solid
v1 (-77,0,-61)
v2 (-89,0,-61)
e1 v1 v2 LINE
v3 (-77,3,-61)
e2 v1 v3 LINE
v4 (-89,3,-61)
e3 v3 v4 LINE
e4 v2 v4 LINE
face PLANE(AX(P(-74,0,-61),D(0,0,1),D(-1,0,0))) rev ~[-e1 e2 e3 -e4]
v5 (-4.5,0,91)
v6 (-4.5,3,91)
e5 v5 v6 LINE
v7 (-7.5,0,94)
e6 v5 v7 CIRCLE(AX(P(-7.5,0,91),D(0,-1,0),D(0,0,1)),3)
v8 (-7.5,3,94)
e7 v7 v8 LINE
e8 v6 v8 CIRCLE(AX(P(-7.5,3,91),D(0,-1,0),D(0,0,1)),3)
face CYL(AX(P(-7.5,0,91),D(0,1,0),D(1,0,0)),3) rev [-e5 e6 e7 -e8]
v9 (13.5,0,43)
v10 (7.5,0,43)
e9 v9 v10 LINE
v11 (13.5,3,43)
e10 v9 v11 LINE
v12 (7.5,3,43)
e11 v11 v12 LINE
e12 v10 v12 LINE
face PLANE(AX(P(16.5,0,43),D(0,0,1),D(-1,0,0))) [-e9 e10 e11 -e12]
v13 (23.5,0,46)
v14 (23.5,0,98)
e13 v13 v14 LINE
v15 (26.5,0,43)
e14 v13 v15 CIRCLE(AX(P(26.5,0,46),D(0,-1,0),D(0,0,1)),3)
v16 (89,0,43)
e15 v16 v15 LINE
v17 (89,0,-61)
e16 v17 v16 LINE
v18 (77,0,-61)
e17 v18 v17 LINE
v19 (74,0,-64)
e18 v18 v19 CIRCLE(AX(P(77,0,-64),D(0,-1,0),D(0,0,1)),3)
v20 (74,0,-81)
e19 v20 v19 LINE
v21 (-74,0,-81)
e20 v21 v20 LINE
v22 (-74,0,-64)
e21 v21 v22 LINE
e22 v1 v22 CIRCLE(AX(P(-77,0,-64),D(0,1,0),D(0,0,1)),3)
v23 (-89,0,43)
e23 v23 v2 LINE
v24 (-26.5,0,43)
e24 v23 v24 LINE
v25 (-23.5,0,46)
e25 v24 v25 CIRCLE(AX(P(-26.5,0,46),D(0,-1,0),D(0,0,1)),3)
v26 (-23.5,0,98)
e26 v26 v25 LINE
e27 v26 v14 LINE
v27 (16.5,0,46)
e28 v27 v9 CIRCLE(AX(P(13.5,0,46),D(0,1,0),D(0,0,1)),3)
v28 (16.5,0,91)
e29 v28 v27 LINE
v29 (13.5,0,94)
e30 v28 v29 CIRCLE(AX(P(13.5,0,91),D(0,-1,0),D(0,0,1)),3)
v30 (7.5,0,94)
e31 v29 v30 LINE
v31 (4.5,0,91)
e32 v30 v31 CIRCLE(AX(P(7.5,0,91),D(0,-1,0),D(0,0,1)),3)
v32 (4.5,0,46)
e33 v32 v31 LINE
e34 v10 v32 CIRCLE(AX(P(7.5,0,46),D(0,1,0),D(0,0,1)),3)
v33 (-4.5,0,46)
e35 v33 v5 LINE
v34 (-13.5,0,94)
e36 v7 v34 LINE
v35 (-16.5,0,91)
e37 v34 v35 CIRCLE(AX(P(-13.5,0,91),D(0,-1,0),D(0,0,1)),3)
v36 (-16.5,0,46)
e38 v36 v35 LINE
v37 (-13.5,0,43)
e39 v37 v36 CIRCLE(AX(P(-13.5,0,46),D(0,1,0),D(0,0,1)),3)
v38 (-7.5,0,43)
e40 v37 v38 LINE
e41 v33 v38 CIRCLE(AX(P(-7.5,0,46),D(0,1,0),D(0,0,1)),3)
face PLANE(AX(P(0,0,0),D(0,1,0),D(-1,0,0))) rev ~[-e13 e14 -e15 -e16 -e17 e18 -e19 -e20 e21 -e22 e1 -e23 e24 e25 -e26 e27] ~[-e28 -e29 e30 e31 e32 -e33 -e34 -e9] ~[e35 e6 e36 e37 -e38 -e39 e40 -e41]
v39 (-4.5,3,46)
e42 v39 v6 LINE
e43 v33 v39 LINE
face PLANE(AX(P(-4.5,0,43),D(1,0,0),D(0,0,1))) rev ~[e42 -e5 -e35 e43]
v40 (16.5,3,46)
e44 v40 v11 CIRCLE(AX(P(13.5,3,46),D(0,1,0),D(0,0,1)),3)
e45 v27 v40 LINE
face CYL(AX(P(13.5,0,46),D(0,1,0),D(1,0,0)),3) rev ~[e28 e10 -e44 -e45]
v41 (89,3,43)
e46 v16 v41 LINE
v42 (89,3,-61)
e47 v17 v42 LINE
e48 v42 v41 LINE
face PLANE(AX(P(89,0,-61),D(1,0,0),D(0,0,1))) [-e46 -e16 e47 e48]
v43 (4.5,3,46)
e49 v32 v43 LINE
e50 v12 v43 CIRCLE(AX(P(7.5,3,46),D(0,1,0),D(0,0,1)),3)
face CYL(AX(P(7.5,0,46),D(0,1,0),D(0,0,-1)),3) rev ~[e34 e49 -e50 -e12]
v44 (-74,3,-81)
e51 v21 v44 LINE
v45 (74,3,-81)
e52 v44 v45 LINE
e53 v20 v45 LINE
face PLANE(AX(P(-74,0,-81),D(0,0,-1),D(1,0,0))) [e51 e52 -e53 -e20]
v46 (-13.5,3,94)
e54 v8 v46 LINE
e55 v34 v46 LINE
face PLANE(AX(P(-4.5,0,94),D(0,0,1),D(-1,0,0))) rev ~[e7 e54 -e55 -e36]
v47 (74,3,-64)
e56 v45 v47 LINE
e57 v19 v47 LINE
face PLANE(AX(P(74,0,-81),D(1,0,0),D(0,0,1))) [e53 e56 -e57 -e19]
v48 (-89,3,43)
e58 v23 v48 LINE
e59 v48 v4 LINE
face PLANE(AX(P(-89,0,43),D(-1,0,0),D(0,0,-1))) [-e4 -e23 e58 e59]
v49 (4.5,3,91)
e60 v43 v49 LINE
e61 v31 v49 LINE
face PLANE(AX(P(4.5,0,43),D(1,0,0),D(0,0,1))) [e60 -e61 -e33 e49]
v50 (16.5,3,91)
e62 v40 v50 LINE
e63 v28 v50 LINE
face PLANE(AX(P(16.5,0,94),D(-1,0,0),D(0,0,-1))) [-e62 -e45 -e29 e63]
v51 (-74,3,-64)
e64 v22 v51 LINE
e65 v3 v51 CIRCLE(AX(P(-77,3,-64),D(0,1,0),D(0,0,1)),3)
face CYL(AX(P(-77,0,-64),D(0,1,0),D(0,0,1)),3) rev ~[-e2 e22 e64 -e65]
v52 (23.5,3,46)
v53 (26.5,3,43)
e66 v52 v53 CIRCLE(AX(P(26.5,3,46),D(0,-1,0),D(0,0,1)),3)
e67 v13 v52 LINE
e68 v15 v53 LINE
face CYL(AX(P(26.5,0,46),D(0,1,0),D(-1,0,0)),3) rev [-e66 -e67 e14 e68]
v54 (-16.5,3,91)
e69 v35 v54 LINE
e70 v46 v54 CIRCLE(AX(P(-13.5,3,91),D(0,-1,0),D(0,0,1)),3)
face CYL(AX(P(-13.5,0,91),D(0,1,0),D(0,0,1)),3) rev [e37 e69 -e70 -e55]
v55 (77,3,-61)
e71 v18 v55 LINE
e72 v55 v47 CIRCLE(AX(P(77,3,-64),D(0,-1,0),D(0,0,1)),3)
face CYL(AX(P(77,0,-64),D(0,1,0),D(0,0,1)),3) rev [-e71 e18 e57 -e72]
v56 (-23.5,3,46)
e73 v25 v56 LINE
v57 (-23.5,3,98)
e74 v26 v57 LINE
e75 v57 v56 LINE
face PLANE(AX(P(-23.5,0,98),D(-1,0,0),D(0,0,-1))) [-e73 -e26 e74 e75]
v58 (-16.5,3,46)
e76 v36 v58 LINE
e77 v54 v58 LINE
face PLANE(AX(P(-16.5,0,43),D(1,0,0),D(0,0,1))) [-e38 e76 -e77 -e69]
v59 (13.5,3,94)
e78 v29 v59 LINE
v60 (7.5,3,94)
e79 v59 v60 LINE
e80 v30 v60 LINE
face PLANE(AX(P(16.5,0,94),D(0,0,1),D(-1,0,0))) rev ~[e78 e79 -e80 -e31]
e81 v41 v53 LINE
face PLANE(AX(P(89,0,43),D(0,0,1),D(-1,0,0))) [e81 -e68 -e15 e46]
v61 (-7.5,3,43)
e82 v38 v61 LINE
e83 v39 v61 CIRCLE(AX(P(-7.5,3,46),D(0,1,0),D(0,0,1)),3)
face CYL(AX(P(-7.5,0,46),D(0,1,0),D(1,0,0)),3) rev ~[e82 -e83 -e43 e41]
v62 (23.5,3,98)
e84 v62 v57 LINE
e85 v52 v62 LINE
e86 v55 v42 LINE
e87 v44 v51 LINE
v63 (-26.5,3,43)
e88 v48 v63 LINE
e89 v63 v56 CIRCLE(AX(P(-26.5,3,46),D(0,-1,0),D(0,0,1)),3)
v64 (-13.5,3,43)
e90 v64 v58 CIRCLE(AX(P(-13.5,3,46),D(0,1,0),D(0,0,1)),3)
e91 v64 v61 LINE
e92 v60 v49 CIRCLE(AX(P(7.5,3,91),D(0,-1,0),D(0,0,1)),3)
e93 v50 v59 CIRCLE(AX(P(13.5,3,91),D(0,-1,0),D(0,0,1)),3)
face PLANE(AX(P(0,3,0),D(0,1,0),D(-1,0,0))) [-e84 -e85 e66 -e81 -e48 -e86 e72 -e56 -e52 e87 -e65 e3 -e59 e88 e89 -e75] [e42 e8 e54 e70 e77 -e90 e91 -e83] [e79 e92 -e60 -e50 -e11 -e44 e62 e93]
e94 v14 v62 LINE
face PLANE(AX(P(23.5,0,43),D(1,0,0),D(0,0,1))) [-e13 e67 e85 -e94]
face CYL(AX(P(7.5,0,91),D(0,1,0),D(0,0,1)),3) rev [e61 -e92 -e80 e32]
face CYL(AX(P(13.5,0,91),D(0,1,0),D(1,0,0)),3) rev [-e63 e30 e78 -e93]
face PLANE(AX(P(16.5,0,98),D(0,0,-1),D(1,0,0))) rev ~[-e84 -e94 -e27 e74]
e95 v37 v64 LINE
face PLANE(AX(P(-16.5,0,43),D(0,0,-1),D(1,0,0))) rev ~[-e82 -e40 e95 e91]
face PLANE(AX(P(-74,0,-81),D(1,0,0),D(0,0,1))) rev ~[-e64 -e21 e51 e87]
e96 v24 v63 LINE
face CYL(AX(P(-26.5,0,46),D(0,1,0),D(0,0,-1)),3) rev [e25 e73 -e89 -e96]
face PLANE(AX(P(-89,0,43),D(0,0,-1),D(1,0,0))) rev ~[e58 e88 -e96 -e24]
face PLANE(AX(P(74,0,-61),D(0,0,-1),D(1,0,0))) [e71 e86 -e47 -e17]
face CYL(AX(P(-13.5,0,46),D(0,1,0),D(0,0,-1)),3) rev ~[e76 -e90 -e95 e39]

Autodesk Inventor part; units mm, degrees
ref_plane "YZ Plane" through (0, 0, 0) normal (1, 0, 0) x (0, 1, 0)
ref_plane "XZ Plane" through (0, 0, 0) normal (0, 1, 0) x (-1, 0, 0)
ref_plane "XY Plane" through (0, 0, 0) normal (0, 0, 1) x (1, 0, 0)
sketch "Sketch2" plane through (0, 0, 0) normal (0, 1, 0) x (-1, 0, 0)
  line L0 (-89, 99) -> (89, 99)
  line L1 (89, 99) -> (89, -99)
  line L2 (89, -99) -> (-89, -99)
  line L3 (-89, -99) -> (-89, 99)
  line L4 (-89, 99) -> (89, -99) construction
  line L5 (89, 99) -> (-89, -99) construction
  line L6 (-89, 99) -> (89, 99)
  line L7 (89, 99) -> (89, -81)
  line L8 (89, -81) -> (-89, -81)
  line L9 (-89, -81) -> (-89, 99)
  line L10 (-4.5, 99) -> (-89, 99)
  line L11 (-89, 99) -> (-89, 43)
  line L12 (-89, 43) -> (-4.5, 43)
  line L13 (-4.5, 43) -> (-4.5, 99)
  line L14 (4.5, 99) -> (89, 99)
  line L15 (89, 99) -> (89, 43)
  line L16 (89, 43) -> (4.5, 43)
  line L17 (4.5, 43) -> (4.5, 99)
  line L18 (22.5, 77.5) -> (22.5, 66.5) projected
  line L19 (16.5, 66.5) -> (16.5, 77.5) projected
  line L20 (-22.5, 66.5) -> (-22.5, 77.5) projected
  line L21 (-16.5, 77.5) -> (-16.5, 66.5) projected
  line L22 (-23.5, 99) -> (-16.5, 99)
  line L23 (-16.5, 99) -> (-16.5, 43)
  line L24 (-16.5, 43) -> (-23.5, 43)
  line L25 (-23.5, 43) -> (-23.5, 99)
  line L26 (16.5, 99) -> (23.5, 99)
  line L27 (23.5, 99) -> (23.5, 43)
  line L28 (23.5, 43) -> (16.5, 43)
  line L29 (16.5, 43) -> (16.5, 99)
  line L30 (-89, 99) -> (89, 99)
  line L31 (89, 99) -> (89, 98)
  line L32 (89, 98) -> (-89, 98)
  line L33 (-89, 98) -> (-89, 99)
  line L34 (89, -81) -> (74, -81)
  line L35 (74, -81) -> (74, -61)
  line L36 (74, -61) -> (89, -61)
  line L37 (89, -61) -> (89, -81)
  line L38 (-89, -81) -> (-74, -81)
  line L39 (-74, -81) -> (-74, -61)
  line L40 (-74, -61) -> (-89, -61)
  line L41 (-89, -61) -> (-89, -81)
  line L42 (16.5, 98) -> (-16.5, 98)
  line L43 (-16.5, 98) -> (-16.5, 94)
  line L44 (-16.5, 94) -> (16.5, 94)
  line L45 (16.5, 94) -> (16.5, 98)
  line L46 (-84.4, -75) -> (-84.4, -71.5) projected
  line L47 (-84.4, -71.5) -> (-87, -71.5) projected
  line L48 (-87, -71.5) -> (-87, -75) projected
  line L49 (-87, -75) -> (-84.4, -75) projected
  line L50 (-79.6, -75) -> (-77, -75) projected
  line L51 (-77, -75) -> (-77, -71.5) projected
  line L52 (-77, -71.5) -> (-79.6, -71.5) projected
  line L53 (-79.6, -71.5) -> (-79.6, -75) projected
  line L54 (-75, -78) -> (-89, -78) projected
  line L55 (-89, -78) -> (-89, -63) projected
  line L56 (-89, -63) -> (-75, -63) projected
  line L57 (-75, -63) -> (-75, -78) projected
  circle A0 centre (-80.45, -67.25) radius 1.25 projected
  point P0 (0, 0)
  point P1 (4.5, 99)
  point P2 (-4.5, 99)
  point P3 (-89, 43)
  point P4 (89, 43)
  point P5 (4.5, 98)
  point P6 (-4.5, 98)
  point P7 (-16.5, 98)
  point P8 (-23.5, 98)
  point P9 (23.5, 98)
  point P10 (16.5, 98)
  point P11 (-4.5, 94)
  point P12 (4.5, 94)
  point P13 (16.5, 94)
  dimension "d8" = 178
  dimension "d9" = 198
  dimension "d10" = 18
  dimension "d11" = 84.5
  dimension "d13" = 84.5
  dimension "d17" = 9
  dimension "d18" = 1
  dimension "d19" = 15
  dimension "d20" = 20
  dimension "d21" = 15
  dimension "d22" = 20
  dimension "d75" = 55
  dimension "d76" = 55
  dimension "d77" = 7
  dimension "d78" = 7
  dimension "d79" = 4
extrude "Extrusion2" add sketch "Sketch2" along normal blind 3 contours L32 L23 L21 L12 L25 | L12 L13 L44 L17 L16 L1 L36 L35 L8 L39 L40 L3 | L32 L13 L44 L23 | L32 L17 L44 L13 | L32 L29 L44 L17 | L32 L27 L16 L29 L19
fillet "Fillet1" radius 3 6 edges at (23.5, 1.5, 43) (-23.5, 1.5, 43) (-16.5, 1.5, 43) (-4.5, 1.5, 43) (4.5, 1.5, 43) (16.5, 1.5, 43)
fillet "Fillet2" radius 3 2 edges at (74, 1.5, -61) (-74, 1.5, -61)
fillet "Fillet3" radius 3 4 edges at (16.5, 1.5, 94) (4.5, 1.5, 94) (-4.5, 1.5, 94) (-16.5, 1.5, 94)
equation "\"d11\" = d13"
properties part number "base" material "Aluminum 6061"
